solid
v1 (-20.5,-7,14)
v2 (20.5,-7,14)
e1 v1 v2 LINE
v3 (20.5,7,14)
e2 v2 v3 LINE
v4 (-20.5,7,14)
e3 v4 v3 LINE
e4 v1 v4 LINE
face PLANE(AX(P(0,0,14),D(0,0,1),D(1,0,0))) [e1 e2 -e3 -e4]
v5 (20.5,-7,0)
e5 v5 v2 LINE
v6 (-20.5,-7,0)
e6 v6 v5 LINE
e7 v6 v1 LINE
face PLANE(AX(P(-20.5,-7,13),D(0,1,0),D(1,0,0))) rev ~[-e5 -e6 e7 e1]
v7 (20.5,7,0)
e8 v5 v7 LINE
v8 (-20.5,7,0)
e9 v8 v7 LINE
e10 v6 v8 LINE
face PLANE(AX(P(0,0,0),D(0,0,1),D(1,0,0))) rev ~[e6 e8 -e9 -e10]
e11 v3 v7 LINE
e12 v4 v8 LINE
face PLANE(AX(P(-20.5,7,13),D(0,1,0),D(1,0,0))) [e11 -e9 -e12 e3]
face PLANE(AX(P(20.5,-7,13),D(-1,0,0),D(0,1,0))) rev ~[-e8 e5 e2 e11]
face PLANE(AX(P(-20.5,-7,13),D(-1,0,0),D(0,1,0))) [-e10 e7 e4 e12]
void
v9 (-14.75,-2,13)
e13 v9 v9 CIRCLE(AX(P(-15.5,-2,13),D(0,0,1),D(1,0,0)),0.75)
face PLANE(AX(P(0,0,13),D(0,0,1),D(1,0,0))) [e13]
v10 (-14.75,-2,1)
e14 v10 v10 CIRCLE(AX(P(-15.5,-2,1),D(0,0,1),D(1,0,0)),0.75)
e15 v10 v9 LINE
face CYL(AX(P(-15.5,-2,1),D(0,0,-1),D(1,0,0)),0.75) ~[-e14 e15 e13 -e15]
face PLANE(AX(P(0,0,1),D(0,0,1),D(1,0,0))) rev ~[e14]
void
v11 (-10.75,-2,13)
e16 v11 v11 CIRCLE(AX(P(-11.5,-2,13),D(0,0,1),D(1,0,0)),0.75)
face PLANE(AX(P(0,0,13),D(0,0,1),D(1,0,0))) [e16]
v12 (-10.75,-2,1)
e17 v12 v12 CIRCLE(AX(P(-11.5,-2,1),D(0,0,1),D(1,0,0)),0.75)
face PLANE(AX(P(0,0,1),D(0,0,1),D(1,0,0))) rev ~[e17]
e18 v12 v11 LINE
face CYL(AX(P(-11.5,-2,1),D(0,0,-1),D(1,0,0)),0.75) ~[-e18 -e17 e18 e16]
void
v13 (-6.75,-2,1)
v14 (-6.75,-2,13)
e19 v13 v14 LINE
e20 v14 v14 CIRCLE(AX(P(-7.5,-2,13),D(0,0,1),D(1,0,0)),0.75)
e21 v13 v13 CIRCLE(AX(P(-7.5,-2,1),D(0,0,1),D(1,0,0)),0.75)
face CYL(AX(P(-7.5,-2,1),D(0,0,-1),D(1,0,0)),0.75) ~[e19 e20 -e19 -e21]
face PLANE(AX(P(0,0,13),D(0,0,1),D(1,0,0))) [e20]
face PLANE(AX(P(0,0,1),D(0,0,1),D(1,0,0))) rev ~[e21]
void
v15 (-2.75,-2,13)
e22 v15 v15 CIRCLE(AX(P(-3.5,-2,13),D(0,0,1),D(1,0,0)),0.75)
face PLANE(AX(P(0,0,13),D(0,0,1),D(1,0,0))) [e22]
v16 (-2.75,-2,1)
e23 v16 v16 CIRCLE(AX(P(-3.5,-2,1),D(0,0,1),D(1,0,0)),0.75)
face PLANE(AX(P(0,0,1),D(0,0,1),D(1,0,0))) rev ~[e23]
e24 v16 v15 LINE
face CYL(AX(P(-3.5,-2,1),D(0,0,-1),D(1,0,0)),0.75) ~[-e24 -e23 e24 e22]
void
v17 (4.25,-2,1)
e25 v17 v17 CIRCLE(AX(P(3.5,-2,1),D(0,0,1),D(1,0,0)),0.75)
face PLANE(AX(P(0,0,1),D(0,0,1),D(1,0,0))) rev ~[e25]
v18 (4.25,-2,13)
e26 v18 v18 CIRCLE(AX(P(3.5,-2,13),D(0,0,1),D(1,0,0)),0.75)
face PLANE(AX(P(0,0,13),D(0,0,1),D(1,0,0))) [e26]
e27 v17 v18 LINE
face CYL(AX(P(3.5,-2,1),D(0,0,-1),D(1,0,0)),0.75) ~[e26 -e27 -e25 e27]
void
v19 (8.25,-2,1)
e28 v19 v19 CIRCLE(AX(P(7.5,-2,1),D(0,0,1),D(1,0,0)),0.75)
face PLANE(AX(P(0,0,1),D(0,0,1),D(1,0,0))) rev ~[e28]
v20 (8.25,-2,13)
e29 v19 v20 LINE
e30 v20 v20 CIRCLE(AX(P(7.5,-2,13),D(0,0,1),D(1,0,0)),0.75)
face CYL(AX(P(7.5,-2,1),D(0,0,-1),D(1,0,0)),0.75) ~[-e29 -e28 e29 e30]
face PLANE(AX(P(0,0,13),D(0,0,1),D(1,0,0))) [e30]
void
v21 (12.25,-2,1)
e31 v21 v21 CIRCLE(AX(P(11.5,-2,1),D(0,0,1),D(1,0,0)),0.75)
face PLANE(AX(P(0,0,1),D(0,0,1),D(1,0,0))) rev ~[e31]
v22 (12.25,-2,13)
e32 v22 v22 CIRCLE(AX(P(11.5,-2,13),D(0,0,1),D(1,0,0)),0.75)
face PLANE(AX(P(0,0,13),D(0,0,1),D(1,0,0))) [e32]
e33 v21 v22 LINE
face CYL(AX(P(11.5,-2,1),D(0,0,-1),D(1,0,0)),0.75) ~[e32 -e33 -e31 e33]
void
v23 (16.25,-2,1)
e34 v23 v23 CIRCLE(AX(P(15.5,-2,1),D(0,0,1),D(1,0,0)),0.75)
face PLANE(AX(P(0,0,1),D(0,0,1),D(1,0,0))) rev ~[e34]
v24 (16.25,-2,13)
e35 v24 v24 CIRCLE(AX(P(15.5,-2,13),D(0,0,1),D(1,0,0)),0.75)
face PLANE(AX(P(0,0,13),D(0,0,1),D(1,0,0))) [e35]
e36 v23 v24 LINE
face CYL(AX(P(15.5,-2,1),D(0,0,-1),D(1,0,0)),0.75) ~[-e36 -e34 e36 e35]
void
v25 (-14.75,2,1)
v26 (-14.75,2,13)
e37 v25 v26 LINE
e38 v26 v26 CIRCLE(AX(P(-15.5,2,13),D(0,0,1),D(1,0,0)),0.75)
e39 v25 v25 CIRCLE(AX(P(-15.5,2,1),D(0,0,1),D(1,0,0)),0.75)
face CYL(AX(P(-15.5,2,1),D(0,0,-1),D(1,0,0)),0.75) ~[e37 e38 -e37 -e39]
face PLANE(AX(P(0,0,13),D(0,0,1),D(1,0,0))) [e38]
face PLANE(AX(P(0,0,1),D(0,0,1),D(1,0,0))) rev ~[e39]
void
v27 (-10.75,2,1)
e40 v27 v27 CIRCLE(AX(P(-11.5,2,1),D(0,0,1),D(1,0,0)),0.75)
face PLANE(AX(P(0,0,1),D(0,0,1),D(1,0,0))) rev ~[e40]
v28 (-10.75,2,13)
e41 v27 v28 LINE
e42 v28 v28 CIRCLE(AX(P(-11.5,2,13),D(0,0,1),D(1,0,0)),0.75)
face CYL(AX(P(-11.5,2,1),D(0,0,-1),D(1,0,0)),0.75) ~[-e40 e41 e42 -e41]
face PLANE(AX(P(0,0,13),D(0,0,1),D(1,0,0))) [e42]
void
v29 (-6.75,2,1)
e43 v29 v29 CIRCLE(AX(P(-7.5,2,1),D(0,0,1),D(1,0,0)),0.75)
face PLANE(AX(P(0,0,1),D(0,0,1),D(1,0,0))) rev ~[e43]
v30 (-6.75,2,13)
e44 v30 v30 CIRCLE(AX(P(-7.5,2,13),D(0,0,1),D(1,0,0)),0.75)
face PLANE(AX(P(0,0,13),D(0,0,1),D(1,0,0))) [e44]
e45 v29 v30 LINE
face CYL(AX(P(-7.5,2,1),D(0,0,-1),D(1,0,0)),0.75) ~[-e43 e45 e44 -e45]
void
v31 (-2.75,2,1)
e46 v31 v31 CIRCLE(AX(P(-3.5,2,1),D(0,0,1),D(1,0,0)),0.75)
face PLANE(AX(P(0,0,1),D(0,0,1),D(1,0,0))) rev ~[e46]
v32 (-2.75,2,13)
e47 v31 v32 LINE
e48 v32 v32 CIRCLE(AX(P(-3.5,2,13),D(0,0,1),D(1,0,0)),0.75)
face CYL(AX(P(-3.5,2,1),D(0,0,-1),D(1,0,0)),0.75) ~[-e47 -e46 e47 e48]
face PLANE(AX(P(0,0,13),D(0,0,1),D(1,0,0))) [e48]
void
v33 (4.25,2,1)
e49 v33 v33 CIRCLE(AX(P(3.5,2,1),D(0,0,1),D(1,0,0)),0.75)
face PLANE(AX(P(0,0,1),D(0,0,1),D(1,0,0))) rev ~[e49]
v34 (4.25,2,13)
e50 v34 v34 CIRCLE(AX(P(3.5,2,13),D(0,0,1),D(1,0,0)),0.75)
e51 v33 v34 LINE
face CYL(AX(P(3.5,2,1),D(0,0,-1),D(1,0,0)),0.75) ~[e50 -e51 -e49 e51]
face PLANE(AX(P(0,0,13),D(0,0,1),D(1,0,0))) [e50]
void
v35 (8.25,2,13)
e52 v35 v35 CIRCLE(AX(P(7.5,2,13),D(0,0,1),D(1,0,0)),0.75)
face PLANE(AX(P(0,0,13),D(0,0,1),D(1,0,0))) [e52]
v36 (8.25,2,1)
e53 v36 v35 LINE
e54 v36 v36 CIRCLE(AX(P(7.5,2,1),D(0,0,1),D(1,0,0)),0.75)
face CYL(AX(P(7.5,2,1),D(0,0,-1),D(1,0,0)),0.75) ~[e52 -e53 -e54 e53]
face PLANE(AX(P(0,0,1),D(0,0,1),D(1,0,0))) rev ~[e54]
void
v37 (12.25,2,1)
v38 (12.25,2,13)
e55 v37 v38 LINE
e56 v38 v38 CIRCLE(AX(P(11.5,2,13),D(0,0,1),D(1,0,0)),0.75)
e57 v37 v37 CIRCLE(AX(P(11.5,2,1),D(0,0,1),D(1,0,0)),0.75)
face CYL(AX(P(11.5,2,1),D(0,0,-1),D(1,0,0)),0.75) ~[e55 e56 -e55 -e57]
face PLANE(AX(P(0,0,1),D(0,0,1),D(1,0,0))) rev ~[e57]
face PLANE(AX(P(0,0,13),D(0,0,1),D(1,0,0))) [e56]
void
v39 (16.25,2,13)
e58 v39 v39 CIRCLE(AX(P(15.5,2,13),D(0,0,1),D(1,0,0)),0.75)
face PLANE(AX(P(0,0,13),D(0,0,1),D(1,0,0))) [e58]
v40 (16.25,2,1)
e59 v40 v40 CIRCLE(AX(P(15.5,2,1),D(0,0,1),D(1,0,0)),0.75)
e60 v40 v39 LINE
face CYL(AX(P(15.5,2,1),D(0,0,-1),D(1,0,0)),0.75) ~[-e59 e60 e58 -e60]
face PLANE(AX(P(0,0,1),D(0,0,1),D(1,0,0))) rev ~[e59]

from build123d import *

# Parameters (mm, degrees)
F0_W     = 41
F0_H     = 14
F1_DEPTH = 1
F2_W     = 41
F2_H     = 14
F2_W_2   = 39
F2_H_2   = 12
F3_DEPTH = 12
F2_R     = 0.75
F4_DEPTH = 12
F5_W     = 41
F5_H     = 14
F6_DEPTH = 1


with BuildPart() as f1:
    # F0 (on Top) → F1 (new body)
    with BuildSketch(Plane.XY):
        Rectangle(F0_W, F0_H)
    extrude(amount=F1_DEPTH)

    # F2 (on face) → F3 (join)
    with BuildSketch(Plane.XY.offset(1)):
        Rectangle(F2_W, F2_H)
        Rectangle(F2_W_2, F2_H_2, mode=Mode.SUBTRACT)
    extrude(amount=F3_DEPTH)

    # F2 (on face) → F4 (join)
    with BuildSketch(Plane.XY.offset(1)):
        Rectangle(F2_W_2, F2_H_2)
        with Locations((-15.5, -2)):
            Circle(F2_R, mode=Mode.SUBTRACT)
        with Locations((-11.5, -2)):
            Circle(F2_R, mode=Mode.SUBTRACT)
        with Locations((-7.5, -2)):
            Circle(F2_R, mode=Mode.SUBTRACT)
        with Locations((-3.5, -2)):
            Circle(F2_R, mode=Mode.SUBTRACT)
        with Locations((3.5, -2)):
            Circle(F2_R, mode=Mode.SUBTRACT)
        with Locations((7.5, -2)):
            Circle(F2_R, mode=Mode.SUBTRACT)
        with Locations((11.5, -2)):
            Circle(F2_R, mode=Mode.SUBTRACT)
        with Locations((15.5, -2)):
            Circle(F2_R, mode=Mode.SUBTRACT)
        with Locations((-15.5, 2)):
            Circle(F2_R, mode=Mode.SUBTRACT)
        with Locations((-11.5, 2)):
            Circle(F2_R, mode=Mode.SUBTRACT)
        with Locations((-7.5, 2)):
            Circle(F2_R, mode=Mode.SUBTRACT)
        with Locations((-3.5, 2)):
            Circle(F2_R, mode=Mode.SUBTRACT)
        with Locations((3.5, 2)):
            Circle(F2_R, mode=Mode.SUBTRACT)
        with Locations((7.5, 2)):
            Circle(F2_R, mode=Mode.SUBTRACT)
        with Locations((11.5, 2)):
            Circle(F2_R, mode=Mode.SUBTRACT)
        with Locations((15.5, 2)):
            Circle(F2_R, mode=Mode.SUBTRACT)
    extrude(amount=F4_DEPTH)

    # F5 (on face) → F6 (join)
    with BuildSketch(Plane.XY.offset(13)):
        Rectangle(F5_W, F5_H)
    extrude(amount=F6_DEPTH)


solid = f1.part
